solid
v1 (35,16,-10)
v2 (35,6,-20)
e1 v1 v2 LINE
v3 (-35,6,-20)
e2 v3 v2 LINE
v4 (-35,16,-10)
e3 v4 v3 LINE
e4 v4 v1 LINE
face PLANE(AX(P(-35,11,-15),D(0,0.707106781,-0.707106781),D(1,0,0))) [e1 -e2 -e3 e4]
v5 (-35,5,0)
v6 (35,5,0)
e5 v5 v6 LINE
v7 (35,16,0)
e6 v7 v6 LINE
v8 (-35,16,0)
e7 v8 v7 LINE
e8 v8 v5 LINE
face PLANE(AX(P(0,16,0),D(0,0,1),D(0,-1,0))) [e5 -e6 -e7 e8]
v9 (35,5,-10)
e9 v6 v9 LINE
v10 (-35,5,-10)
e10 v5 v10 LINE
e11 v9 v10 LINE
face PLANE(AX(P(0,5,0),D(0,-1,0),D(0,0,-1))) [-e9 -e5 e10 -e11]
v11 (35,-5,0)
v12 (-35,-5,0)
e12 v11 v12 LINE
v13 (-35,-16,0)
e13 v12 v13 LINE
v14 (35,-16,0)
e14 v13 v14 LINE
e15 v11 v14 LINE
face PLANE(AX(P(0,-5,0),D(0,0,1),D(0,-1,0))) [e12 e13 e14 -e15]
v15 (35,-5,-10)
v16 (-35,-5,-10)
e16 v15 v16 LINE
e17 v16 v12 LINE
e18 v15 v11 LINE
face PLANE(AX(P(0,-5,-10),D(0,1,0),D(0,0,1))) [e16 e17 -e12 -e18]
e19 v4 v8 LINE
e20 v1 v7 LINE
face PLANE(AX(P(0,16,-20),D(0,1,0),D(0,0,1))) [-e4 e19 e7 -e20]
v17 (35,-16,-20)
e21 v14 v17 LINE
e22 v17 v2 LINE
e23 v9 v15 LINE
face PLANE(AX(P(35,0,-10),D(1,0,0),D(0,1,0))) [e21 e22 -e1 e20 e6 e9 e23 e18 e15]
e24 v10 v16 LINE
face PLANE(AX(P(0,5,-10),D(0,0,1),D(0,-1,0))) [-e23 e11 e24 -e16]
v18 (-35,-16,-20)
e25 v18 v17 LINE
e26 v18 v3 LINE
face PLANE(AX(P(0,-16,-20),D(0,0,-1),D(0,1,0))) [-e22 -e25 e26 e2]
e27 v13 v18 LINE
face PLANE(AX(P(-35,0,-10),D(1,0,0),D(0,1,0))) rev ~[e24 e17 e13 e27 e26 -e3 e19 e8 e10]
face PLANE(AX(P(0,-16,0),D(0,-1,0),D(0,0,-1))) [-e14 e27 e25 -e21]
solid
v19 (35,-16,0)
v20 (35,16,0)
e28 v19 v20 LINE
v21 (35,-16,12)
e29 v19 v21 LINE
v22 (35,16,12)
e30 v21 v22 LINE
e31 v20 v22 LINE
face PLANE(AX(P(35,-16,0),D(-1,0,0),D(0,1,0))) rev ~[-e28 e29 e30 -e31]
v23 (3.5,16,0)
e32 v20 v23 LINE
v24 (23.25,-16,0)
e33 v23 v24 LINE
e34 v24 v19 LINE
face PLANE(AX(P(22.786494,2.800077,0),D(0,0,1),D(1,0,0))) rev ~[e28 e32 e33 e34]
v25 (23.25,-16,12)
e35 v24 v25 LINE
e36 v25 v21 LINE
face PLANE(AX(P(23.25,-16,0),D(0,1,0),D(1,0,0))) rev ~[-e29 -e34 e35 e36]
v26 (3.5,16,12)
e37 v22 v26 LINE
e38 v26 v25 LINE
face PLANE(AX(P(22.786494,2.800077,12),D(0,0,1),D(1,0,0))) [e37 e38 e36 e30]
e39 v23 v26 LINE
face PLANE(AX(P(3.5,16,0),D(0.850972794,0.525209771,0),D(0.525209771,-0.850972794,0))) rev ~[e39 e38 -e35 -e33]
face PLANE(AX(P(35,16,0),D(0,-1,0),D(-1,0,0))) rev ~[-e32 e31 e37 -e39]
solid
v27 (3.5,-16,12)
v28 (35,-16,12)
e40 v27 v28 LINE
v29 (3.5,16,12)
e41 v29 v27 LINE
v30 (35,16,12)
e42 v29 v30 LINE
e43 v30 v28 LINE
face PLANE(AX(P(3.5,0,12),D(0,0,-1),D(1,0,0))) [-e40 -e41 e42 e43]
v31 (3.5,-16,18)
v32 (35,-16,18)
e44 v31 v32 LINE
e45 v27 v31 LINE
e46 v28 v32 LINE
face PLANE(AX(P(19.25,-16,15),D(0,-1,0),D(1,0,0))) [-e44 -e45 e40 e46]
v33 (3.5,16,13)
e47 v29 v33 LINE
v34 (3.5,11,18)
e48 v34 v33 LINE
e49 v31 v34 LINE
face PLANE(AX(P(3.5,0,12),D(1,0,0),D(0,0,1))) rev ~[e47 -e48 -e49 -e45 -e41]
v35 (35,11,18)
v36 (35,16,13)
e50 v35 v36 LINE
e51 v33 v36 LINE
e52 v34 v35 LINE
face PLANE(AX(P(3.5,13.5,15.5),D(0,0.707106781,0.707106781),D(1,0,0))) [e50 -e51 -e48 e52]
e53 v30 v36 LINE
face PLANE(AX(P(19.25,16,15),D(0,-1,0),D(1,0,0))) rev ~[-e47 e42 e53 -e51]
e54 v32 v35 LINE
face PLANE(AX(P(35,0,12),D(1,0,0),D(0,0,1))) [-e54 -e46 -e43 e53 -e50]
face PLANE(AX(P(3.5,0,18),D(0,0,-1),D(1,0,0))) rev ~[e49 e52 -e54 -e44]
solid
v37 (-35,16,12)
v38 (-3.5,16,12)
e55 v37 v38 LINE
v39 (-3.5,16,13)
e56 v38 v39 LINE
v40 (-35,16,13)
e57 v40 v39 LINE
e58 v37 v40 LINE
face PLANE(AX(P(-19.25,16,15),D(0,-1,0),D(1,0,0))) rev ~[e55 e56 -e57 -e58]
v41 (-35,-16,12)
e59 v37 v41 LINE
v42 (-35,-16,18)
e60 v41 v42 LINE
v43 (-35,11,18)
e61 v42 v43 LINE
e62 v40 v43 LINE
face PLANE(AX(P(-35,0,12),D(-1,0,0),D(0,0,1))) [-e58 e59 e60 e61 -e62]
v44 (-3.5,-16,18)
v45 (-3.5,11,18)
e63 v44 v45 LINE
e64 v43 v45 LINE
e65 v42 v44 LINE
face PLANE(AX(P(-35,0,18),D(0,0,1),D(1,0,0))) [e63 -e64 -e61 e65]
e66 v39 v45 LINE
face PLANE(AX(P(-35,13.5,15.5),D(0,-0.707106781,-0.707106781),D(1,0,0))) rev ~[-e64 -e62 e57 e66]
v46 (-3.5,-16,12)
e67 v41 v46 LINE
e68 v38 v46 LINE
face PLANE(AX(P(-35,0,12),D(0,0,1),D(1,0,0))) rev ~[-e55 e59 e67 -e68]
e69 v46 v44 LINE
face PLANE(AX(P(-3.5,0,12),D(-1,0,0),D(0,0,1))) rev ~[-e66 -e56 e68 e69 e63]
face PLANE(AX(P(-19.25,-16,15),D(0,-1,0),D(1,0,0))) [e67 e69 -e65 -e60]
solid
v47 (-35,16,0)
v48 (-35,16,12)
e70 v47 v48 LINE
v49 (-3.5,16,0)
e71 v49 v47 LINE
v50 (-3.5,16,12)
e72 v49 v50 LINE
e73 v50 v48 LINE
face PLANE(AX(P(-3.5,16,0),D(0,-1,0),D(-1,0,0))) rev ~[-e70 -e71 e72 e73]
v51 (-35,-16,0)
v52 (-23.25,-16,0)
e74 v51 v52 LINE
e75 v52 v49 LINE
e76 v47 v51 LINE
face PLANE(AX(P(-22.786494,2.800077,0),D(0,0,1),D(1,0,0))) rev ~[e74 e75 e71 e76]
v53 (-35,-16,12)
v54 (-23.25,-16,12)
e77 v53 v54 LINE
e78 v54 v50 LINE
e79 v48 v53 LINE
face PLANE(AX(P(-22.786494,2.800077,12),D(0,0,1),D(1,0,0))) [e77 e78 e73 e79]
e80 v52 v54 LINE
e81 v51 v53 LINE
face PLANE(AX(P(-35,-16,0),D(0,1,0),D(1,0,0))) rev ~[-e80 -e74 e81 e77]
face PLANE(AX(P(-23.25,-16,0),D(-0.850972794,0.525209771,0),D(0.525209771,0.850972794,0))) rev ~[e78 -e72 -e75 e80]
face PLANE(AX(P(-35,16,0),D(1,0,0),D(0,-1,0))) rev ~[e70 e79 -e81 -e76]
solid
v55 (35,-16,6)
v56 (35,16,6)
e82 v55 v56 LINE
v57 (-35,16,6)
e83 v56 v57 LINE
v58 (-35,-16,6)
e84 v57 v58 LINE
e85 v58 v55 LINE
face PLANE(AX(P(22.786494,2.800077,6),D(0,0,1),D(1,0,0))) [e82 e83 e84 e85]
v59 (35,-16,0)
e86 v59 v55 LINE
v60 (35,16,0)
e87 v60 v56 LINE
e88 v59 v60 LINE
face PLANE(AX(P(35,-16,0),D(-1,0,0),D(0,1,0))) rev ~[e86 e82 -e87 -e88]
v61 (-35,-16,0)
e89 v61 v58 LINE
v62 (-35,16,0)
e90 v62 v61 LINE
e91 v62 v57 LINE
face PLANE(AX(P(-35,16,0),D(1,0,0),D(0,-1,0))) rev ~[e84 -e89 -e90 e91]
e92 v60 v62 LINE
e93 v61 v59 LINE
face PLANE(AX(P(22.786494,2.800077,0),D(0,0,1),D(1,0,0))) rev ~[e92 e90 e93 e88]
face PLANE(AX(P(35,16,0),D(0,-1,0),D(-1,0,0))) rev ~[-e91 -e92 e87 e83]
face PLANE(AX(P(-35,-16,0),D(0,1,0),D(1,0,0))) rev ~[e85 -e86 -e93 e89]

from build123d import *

# Parameters (mm, degrees)
F1_DEPTH = 12
F2_DEPTH = 6
F3_W     = 31.5
F3_H     = 6
F4_DEPTH = 16
F5_SIZE  = 5
F7_DEPTH = 35
F8_SIZE  = 10


with BuildPart() as f1:
    # F0 (on Top) → F1 (new body)
    with BuildSketch(Plane.XY):
        Polygon((-35, -16), (-23.25, -16), (-3.5, 16), (-35, 16), align=None)
        Polygon((23.25, -16), (35, -16), (35, 16), (3.5, 16), align=None)
    extrude(amount=F1_DEPTH)


with BuildPart() as f2:
    # F0 (on Top) → F2 (new body)
    with BuildSketch(Plane.XY):
        Polygon((23.25, -16), (35, -16), (35, 16), (3.5, 16), align=None)
        Polygon((-23.25, -16), (23.25, -16), (3.5, 16), (-3.5, 16), align=None)
        Polygon((-35, -16), (-23.25, -16), (-3.5, 16), (-35, 16), align=None)
    extrude(amount=F2_DEPTH)


with BuildPart() as f4:
    # F3 (on Front) → F4 (new body, symmetric)
    with BuildSketch(Plane.XZ):
        with Locations((-19.25, 15)):
            Rectangle(F3_W, F3_H)
        with Locations((19.25, 15)):
            Rectangle(F3_W, F3_H)
    extrude(amount=F4_DEPTH, both=True)

    # F5
    f5_edges = [f4.edges().sort_by_distance(p)[0] for p in [
        (-19.25, 16, 18),
        (19.25, 16, 18),
    ]]
    chamfer(f5_edges, length=F5_SIZE)


with BuildPart() as f7:
    # F6 (on Right) → F7 (new body, symmetric)
    with BuildSketch(Plane.YZ):
        Polygon((-5, 0), (-16, 0), (-16, -20), (16, -20), (16, 0), (5, 0), (5, -10), (-5, -10), align=None)
    extrude(amount=F7_DEPTH, both=True)

    # F8
    f8_edges = [f7.edges().sort_by_distance(p)[0] for p in [
        (0, 16, -20),
    ]]
    chamfer(f8_edges, length=F8_SIZE)


solid = Compound([f1.part, f2.part, f4.part, f7.part])
